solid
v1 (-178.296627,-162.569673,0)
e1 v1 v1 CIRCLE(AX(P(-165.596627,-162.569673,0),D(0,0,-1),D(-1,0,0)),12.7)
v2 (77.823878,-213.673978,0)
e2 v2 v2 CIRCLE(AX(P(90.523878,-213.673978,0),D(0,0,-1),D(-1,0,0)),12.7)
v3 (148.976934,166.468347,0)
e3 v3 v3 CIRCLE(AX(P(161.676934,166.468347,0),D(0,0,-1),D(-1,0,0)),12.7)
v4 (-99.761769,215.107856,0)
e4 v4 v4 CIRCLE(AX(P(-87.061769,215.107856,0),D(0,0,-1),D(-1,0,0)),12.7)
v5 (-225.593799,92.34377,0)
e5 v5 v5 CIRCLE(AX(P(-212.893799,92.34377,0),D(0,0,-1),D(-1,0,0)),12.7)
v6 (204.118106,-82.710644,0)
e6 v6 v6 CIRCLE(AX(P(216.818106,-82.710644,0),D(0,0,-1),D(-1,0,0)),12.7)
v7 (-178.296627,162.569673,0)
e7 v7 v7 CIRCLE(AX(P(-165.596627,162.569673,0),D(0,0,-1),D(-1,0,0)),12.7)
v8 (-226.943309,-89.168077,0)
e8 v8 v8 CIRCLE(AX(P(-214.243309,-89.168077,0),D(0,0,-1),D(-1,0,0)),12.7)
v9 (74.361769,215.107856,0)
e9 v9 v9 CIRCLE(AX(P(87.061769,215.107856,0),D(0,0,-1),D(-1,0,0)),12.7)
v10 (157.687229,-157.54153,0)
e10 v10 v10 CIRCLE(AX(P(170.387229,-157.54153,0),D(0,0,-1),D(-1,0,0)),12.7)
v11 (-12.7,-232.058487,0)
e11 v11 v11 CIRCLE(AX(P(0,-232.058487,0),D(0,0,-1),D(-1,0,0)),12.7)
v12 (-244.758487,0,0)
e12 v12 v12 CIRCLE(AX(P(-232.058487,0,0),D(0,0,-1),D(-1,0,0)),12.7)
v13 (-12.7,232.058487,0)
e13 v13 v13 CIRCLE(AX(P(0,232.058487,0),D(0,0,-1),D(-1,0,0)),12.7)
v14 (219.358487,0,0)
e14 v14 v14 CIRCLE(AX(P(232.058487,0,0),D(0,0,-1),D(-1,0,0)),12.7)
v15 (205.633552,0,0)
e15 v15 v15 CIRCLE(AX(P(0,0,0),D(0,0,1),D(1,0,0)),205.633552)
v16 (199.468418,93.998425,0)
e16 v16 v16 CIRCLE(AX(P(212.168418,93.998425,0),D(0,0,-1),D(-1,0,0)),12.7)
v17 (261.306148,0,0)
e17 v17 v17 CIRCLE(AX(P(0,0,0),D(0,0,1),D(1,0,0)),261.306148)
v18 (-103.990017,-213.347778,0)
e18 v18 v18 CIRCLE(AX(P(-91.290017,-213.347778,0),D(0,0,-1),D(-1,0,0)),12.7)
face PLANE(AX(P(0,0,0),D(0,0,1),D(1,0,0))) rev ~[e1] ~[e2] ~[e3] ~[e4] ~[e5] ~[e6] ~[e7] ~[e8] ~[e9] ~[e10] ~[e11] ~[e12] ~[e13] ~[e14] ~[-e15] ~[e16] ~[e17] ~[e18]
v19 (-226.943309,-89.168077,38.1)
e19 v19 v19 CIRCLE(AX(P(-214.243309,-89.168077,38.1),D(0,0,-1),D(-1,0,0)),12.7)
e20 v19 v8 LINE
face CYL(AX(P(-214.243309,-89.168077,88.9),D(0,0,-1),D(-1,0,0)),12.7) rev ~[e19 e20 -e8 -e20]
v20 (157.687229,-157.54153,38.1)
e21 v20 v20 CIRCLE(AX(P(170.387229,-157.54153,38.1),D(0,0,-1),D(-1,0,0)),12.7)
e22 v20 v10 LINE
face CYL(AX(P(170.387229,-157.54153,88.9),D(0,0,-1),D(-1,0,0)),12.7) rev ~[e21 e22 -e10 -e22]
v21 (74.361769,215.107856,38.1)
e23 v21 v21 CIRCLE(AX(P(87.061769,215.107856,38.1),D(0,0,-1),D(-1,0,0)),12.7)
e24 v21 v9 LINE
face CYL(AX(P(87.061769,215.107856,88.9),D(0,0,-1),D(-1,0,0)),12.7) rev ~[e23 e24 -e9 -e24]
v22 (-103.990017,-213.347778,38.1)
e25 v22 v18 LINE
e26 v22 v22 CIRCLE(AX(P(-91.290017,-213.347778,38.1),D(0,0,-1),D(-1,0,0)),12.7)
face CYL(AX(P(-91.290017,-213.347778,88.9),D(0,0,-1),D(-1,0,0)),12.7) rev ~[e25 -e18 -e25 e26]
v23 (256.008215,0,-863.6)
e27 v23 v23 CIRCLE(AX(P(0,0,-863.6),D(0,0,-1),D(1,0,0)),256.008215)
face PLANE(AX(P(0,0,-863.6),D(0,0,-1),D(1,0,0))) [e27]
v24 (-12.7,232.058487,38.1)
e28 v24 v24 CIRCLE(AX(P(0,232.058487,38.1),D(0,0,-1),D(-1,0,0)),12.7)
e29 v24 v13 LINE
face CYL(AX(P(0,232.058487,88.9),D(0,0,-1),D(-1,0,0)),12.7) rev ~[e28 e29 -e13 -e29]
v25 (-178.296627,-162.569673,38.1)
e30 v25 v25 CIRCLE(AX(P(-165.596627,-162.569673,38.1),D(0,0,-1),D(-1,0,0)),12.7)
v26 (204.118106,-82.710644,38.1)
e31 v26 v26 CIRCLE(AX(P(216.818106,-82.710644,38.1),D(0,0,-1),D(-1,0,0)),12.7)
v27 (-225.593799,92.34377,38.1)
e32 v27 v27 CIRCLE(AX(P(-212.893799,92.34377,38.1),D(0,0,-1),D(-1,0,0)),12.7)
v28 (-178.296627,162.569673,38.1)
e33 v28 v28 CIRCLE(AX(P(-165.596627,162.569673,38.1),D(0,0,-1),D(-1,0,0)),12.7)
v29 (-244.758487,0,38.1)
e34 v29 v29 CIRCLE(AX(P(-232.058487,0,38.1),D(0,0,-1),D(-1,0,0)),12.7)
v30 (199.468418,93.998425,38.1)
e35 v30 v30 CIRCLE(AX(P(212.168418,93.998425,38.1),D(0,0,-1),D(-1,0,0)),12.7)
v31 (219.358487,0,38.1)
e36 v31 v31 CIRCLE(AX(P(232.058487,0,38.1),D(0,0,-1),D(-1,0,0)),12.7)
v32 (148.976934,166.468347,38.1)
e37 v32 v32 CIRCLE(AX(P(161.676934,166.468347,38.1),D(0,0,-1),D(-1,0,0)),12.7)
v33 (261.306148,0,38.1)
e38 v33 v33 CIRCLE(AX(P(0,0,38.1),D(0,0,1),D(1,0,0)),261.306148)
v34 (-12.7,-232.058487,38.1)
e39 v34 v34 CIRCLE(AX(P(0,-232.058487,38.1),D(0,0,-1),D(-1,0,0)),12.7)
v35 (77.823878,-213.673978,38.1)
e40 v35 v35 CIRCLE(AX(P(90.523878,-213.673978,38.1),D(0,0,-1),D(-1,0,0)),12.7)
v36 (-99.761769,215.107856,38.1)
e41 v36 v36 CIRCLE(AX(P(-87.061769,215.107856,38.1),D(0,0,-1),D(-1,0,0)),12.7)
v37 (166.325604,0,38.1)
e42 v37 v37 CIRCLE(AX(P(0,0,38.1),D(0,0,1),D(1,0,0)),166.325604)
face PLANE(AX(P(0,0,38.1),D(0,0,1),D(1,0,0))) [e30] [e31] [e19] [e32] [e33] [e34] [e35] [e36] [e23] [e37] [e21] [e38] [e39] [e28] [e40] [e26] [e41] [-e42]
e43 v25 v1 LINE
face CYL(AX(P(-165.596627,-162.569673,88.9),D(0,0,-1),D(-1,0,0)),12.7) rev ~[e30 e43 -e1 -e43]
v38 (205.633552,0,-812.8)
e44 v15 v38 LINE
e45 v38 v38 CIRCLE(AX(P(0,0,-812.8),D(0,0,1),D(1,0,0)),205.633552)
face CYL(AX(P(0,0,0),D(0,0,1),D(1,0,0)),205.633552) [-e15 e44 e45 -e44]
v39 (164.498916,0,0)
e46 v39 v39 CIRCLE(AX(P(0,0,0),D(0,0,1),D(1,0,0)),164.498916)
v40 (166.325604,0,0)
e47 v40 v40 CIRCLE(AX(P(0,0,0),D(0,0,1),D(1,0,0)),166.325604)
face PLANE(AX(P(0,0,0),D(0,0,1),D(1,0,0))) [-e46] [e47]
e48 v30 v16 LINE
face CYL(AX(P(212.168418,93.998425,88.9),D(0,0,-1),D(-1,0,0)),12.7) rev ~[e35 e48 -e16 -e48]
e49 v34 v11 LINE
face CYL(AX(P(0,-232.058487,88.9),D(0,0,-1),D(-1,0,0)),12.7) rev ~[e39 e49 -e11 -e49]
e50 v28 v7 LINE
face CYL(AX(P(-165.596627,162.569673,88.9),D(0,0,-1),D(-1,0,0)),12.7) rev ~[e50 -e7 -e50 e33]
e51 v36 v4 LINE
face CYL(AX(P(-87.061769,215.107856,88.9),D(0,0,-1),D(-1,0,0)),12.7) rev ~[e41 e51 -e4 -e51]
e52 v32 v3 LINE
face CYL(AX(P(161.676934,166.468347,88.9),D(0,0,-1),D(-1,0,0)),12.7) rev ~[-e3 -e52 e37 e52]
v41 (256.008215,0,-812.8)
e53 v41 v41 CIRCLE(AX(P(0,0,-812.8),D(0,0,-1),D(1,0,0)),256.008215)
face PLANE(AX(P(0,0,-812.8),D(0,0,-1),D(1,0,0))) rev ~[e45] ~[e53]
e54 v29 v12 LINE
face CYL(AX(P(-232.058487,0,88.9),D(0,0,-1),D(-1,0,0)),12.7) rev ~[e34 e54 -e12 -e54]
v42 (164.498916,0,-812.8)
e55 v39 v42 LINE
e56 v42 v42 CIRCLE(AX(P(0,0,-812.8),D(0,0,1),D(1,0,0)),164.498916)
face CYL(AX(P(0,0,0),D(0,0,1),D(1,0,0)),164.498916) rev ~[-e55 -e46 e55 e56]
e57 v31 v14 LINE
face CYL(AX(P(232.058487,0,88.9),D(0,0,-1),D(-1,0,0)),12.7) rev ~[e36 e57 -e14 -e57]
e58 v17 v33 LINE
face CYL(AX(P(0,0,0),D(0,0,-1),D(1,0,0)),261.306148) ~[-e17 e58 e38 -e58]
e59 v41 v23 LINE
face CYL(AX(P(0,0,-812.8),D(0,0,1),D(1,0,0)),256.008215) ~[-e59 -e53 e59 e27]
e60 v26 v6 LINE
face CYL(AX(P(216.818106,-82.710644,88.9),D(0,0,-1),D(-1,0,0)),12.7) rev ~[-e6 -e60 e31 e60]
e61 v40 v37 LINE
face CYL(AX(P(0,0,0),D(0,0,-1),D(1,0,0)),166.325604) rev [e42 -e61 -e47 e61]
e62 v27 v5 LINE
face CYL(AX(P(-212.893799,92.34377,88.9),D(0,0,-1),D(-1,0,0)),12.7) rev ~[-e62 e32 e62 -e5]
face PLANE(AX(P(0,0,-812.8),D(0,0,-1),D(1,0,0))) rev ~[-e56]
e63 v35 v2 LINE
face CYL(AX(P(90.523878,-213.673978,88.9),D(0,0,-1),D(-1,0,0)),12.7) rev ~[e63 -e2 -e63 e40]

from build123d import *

# Parameters (mm, degrees)
F0_R     = 205.633552
F0_R_2   = 164.498916
F1_DEPTH = 812.8
F2_R     = 256.008215
F3_DEPTH = 50.8
F4_R     = 261.306148
F4_R_2   = 166.325604
F5_DEPTH = 38.1
F7_D     = 25.4
F7_DEPTH = 50.8


with BuildPart() as f1:
    # F0 (on Top) → F1 (new body)
    with BuildSketch(Plane.XY):
        Circle(F0_R)
        Circle(F0_R_2, mode=Mode.SUBTRACT)
    extrude(amount=-F1_DEPTH)

    # F2 (on face) → F3 (join)
    with BuildSketch(Plane(origin=(0, 0, -812.8), x_dir=(1, 0, 0), z_dir=(0, 0, -1))):
        Circle(F2_R)
    extrude(amount=F3_DEPTH)

    # F4 (on face) → F5 (join)
    with BuildSketch(Plane.XY):
        Circle(F4_R)
        Circle(F4_R_2, mode=Mode.SUBTRACT)
    extrude(amount=F5_DEPTH)

    # F7
    with Locations(Plane.XY.offset(38.1)):
        with Locations((87.061769, 215.107856), (161.676934, 166.468347), (212.168418, 93.998425), (232.058487, 0), (216.818106, -82.710644), (170.387229, -157.54153), (90.523878, -213.673978), (0, -232.058487), (-91.290017, -213.347778), (-165.596627, -162.569673), (-214.243309, -89.168077), (-232.058487, 0), (-212.893799, 92.34377), (-165.596627, 162.569673), (-87.061769, 215.107856), (0, 232.058487)):
            Hole(F7_D / 2, depth=F7_DEPTH)


solid = f1.part
